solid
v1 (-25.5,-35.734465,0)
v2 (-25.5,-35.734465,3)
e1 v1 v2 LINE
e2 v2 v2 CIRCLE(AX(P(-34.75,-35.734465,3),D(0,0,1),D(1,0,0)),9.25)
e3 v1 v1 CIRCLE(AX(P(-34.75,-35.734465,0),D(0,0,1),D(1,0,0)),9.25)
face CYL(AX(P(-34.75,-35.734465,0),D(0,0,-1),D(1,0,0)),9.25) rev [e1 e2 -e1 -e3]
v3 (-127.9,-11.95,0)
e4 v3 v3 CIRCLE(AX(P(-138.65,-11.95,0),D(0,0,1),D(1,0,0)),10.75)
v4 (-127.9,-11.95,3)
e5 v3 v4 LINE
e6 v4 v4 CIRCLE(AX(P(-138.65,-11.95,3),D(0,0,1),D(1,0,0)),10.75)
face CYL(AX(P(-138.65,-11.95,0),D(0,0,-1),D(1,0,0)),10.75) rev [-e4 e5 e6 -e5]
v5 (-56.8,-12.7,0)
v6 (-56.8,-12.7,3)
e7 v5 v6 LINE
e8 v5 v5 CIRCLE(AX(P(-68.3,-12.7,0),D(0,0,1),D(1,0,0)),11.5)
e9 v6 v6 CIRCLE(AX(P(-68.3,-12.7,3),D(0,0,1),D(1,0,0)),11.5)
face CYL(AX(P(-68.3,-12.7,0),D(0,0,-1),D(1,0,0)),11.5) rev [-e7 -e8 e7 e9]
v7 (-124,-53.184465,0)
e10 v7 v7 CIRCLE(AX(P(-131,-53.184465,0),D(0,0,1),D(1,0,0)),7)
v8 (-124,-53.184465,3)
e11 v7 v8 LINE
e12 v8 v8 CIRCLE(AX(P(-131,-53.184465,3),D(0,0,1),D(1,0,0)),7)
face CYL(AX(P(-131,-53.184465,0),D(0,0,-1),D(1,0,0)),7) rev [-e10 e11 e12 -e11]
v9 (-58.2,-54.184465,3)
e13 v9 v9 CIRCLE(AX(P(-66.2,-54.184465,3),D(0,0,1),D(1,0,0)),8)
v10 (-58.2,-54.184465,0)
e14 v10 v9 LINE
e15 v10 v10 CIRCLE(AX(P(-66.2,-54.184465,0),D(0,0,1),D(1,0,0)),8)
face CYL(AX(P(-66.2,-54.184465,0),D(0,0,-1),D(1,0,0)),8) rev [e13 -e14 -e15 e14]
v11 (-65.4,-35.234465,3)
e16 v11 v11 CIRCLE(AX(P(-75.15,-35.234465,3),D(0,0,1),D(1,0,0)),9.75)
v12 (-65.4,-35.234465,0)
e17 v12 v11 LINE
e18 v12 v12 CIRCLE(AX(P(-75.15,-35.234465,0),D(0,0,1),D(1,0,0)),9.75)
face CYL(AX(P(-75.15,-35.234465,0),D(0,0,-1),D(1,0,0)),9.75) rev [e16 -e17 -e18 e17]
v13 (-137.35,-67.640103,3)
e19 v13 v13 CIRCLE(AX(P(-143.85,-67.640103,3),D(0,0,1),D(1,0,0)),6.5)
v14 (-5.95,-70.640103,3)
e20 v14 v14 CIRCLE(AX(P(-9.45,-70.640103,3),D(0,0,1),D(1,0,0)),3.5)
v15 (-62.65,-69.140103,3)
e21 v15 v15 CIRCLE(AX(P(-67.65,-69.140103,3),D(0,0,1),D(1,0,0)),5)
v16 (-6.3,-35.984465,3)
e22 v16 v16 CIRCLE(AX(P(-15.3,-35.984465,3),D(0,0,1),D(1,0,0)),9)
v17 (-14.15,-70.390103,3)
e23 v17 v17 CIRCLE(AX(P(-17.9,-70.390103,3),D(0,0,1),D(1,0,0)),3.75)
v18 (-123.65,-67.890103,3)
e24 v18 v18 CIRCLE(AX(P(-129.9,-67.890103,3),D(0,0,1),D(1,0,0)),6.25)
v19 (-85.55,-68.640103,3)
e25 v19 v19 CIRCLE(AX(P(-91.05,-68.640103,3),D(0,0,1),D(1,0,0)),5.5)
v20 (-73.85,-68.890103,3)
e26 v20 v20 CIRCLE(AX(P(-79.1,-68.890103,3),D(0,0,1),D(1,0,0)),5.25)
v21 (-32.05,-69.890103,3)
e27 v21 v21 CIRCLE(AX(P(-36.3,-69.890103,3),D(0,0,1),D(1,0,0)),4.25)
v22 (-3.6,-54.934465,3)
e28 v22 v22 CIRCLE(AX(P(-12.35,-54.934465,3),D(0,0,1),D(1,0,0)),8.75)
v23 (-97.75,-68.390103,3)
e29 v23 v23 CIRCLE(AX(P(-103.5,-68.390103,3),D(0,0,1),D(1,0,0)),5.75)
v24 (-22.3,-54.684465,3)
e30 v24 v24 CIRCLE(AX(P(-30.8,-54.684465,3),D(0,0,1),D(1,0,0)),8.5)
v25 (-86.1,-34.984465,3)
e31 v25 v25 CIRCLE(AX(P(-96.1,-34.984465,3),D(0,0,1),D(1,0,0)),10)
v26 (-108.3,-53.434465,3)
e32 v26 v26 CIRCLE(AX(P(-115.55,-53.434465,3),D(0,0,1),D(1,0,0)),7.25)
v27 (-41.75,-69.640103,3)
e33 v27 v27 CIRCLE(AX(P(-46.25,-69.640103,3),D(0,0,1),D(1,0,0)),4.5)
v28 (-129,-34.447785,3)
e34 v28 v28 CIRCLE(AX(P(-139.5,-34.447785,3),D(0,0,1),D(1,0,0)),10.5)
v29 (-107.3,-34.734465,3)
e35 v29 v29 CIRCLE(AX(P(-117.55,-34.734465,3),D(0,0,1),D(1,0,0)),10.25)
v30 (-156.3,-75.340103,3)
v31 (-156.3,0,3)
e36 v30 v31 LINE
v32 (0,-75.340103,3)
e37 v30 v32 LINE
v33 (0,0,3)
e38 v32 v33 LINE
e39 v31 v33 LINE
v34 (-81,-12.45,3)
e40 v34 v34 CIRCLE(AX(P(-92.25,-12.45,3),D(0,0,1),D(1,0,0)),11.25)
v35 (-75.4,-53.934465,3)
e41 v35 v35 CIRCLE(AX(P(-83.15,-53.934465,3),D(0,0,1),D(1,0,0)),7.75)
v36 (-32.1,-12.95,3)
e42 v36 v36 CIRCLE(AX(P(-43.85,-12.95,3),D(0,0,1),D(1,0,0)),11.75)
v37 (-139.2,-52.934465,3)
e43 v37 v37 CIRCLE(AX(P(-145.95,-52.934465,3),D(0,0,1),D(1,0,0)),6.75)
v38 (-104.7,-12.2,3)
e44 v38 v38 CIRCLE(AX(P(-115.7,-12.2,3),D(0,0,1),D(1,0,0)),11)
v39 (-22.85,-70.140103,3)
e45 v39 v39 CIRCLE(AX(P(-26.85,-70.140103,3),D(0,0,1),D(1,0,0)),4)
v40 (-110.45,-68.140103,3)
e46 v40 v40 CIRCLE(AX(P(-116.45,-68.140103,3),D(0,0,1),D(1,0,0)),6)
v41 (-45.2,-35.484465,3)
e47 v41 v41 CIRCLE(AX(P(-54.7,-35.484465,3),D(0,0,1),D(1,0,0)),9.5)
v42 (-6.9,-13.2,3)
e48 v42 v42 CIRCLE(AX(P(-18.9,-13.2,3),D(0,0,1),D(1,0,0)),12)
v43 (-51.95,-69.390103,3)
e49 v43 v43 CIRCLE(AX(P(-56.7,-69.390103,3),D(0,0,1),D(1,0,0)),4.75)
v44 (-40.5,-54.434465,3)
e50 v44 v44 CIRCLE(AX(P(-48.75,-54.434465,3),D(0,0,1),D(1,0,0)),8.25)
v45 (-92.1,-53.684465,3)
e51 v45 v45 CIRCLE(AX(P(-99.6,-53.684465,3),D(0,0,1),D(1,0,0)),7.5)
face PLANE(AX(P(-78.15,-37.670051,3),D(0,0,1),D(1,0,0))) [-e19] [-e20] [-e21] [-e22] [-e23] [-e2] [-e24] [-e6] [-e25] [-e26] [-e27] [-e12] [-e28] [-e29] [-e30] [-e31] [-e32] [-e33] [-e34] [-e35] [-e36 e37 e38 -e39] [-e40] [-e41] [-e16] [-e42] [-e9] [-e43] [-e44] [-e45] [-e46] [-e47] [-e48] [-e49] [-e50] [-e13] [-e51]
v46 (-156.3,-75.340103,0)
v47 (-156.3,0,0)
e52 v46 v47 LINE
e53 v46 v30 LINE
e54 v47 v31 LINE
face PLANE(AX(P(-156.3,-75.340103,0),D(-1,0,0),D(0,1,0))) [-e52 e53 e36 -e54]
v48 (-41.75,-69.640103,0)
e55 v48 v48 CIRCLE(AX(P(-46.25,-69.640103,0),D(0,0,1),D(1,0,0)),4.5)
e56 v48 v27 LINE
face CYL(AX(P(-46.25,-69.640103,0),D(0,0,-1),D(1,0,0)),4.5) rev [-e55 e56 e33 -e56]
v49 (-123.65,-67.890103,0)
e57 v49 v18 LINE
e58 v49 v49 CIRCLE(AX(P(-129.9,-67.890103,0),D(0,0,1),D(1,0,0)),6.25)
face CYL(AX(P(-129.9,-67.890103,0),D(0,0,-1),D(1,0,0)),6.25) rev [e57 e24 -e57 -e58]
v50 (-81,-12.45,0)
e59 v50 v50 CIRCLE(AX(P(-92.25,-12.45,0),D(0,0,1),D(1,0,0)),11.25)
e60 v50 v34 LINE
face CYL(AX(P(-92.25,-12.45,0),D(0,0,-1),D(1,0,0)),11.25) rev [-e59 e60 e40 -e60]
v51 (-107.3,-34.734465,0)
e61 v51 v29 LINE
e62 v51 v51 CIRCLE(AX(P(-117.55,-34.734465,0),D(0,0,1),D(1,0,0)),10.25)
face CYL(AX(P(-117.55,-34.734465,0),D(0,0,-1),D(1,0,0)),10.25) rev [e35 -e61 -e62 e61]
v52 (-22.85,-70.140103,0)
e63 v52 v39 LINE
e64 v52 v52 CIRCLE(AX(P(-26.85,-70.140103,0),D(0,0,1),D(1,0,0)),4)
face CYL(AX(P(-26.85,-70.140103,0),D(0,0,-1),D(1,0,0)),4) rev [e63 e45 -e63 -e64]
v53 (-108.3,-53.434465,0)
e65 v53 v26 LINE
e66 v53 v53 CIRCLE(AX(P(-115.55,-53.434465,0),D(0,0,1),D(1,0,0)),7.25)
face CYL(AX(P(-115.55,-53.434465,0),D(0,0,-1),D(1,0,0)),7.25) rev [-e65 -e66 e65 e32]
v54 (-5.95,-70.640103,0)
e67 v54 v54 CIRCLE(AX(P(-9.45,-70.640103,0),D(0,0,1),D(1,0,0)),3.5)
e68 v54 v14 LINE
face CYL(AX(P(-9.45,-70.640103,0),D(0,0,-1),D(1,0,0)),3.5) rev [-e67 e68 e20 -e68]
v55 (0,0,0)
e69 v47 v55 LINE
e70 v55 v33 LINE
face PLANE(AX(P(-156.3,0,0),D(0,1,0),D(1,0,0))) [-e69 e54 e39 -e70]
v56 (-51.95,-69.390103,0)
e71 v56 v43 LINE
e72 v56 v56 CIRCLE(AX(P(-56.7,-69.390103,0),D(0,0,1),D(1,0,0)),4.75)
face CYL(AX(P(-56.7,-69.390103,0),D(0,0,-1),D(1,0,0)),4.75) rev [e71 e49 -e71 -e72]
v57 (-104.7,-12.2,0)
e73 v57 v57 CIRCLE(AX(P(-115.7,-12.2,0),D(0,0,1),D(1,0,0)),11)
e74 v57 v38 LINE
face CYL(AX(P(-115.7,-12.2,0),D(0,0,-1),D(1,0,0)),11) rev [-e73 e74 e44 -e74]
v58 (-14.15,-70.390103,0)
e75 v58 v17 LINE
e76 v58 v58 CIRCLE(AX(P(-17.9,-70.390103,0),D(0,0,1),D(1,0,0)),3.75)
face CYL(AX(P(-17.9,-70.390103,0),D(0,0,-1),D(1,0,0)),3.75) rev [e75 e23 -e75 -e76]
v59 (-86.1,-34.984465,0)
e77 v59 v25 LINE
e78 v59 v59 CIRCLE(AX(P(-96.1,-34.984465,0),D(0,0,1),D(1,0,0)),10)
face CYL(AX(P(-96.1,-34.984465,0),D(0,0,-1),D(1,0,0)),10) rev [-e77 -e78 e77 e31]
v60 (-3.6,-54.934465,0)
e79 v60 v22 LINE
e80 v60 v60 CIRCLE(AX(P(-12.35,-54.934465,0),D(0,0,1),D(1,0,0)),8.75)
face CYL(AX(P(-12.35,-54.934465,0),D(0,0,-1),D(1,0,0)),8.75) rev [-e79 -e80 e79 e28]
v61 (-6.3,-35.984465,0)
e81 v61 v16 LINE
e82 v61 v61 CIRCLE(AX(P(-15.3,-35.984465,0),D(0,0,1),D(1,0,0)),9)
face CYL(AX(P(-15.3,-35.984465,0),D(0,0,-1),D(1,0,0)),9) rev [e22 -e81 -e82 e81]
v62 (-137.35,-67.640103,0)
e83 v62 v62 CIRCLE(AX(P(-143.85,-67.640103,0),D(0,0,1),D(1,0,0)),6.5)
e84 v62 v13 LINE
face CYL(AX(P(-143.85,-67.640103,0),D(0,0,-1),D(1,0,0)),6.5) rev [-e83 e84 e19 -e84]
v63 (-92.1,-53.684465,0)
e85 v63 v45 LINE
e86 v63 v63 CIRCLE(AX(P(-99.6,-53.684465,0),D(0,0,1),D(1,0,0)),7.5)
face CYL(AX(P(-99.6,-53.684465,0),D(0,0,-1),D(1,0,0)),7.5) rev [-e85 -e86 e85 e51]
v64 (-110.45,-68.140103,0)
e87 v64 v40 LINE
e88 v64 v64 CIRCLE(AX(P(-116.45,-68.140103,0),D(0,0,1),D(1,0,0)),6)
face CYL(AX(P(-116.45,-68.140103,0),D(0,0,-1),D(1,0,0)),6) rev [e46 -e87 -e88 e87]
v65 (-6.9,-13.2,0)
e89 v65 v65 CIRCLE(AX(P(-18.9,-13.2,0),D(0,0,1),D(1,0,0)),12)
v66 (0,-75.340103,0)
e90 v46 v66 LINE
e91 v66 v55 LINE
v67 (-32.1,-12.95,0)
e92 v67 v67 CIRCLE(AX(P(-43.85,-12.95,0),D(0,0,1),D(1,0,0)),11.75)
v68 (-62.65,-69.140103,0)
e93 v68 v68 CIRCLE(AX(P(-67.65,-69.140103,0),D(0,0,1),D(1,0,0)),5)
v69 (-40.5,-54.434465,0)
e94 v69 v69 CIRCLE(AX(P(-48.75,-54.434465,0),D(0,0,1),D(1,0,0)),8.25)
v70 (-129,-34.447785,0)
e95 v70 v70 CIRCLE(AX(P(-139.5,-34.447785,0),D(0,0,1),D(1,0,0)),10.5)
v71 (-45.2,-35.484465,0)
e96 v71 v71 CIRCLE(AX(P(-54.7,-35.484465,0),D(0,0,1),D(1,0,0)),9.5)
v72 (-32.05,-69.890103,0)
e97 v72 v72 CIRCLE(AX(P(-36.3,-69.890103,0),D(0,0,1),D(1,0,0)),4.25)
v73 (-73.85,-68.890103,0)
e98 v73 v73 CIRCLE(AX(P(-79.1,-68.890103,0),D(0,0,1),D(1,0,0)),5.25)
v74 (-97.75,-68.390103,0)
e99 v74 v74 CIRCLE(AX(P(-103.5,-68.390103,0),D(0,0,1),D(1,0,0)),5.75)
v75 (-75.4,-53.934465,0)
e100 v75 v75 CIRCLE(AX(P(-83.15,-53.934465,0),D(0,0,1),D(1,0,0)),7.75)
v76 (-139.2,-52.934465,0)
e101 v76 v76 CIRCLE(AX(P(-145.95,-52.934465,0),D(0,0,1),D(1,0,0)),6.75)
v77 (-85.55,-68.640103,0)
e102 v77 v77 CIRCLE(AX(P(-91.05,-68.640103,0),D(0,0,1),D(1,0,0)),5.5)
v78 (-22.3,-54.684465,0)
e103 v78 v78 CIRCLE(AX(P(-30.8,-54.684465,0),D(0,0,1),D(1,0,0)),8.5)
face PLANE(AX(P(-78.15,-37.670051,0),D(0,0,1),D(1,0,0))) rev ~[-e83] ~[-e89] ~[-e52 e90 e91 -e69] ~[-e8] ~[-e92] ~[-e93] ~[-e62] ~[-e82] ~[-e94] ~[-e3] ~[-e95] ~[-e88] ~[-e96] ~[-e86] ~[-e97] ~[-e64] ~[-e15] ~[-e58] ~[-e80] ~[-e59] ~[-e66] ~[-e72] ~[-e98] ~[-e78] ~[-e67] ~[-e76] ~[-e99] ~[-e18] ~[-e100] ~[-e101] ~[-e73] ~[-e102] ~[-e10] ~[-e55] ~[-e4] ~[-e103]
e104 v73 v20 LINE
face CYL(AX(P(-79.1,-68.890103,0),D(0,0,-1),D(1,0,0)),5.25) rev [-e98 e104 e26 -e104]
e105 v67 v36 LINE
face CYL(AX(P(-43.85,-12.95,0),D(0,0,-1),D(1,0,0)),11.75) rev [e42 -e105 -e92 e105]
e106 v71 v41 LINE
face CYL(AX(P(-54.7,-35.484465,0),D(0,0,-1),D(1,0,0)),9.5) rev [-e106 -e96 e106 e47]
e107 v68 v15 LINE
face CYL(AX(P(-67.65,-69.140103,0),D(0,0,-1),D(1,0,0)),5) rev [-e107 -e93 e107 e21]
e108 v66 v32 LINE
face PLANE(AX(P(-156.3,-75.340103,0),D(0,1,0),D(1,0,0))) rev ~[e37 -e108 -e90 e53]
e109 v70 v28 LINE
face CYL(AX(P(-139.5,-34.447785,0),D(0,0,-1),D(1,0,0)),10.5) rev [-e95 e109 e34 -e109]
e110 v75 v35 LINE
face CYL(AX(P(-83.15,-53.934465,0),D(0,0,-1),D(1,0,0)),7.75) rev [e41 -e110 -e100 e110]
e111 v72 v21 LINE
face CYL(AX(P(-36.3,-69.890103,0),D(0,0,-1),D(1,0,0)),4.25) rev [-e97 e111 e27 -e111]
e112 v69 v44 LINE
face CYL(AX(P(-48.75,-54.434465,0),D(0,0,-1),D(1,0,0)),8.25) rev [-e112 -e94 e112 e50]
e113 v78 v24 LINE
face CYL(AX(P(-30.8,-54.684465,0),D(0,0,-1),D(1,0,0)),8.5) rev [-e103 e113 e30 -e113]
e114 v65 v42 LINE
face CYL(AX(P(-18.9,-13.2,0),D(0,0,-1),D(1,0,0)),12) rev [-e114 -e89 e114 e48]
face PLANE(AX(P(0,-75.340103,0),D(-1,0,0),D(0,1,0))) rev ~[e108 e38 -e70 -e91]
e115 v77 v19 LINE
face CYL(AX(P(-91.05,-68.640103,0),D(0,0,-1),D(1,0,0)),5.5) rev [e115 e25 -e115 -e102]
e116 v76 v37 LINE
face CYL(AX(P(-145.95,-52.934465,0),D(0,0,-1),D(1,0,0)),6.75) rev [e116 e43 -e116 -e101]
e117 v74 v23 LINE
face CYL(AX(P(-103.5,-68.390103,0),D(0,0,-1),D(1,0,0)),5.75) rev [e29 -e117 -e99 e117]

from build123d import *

# Parameters (mm, degrees)
F0_W     = 156.3
F0_H     = 75.340103
F0_R     = 6.5
F0_R_2   = 6.25
F0_R_3   = 6
F0_R_4   = 5.75
F0_R_5   = 5.5
F0_R_6   = 5.25
F0_R_7   = 6.75
F0_R_8   = 7
F0_R_9   = 7.25
F0_R_10  = 7.5
F0_R_11  = 7.75
F0_R_12  = 5
F0_R_13  = 4.75
F0_R_14  = 4.5
F0_R_15  = 4.25
F0_R_16  = 4
F0_R_17  = 3.5
F0_R_18  = 3.75
F0_R_19  = 8
F0_R_20  = 8.25
F0_R_21  = 8.5
F0_R_22  = 8.75
F0_R_23  = 10.5
F0_R_24  = 10.25
F0_R_25  = 10
F0_R_26  = 10.75
F0_R_27  = 11
F0_R_28  = 11.25
F0_R_29  = 9.75
F0_R_30  = 9.5
F0_R_31  = 9.25
F0_R_32  = 9
F0_R_33  = 11.5
F0_R_34  = 11.75
F0_R_35  = 12
F1_DEPTH = 3


with BuildPart() as f1:
    # F0 (on Top) → F1 (new body)
    with BuildSketch(Plane.XY):
        with Locations((-78.15, -37.670051)):
            Rectangle(F0_W, F0_H)
        with Locations((-143.85, -67.640103)):
            Circle(F0_R, mode=Mode.SUBTRACT)
        with Locations((-129.9, -67.890103)):
            Circle(F0_R_2, mode=Mode.SUBTRACT)
        with Locations((-116.45, -68.140103)):
            Circle(F0_R_3, mode=Mode.SUBTRACT)
        with Locations((-103.5, -68.390103)):
            Circle(F0_R_4, mode=Mode.SUBTRACT)
        with Locations((-91.05, -68.640103)):
            Circle(F0_R_5, mode=Mode.SUBTRACT)
        with Locations((-79.1, -68.890103)):
            Circle(F0_R_6, mode=Mode.SUBTRACT)
        with Locations((-145.95, -52.934465)):
            Circle(F0_R_7, mode=Mode.SUBTRACT)
        with Locations((-131, -53.184465)):
            Circle(F0_R_8, mode=Mode.SUBTRACT)
        with Locations((-115.55, -53.434465)):
            Circle(F0_R_9, mode=Mode.SUBTRACT)
        with Locations((-99.6, -53.684465)):
            Circle(F0_R_10, mode=Mode.SUBTRACT)
        with Locations((-83.15, -53.934465)):
            Circle(F0_R_11, mode=Mode.SUBTRACT)
        with Locations((-67.65, -69.140103)):
            Circle(F0_R_12, mode=Mode.SUBTRACT)
        with Locations((-56.7, -69.390103)):
            Circle(F0_R_13, mode=Mode.SUBTRACT)
        with Locations((-46.25, -69.640103)):
            Circle(F0_R_14, mode=Mode.SUBTRACT)
        with Locations((-36.3, -69.890103)):
            Circle(F0_R_15, mode=Mode.SUBTRACT)
        with Locations((-26.85, -70.140103)):
            Circle(F0_R_16, mode=Mode.SUBTRACT)
        with Locations((-9.45, -70.640103)):
            Circle(F0_R_17, mode=Mode.SUBTRACT)
        with Locations((-17.9, -70.390103)):
            Circle(F0_R_18, mode=Mode.SUBTRACT)
        with Locations((-66.2, -54.184465)):
            Circle(F0_R_19, mode=Mode.SUBTRACT)
        with Locations((-48.75, -54.434465)):
            Circle(F0_R_20, mode=Mode.SUBTRACT)
        with Locations((-30.8, -54.684465)):
            Circle(F0_R_21, mode=Mode.SUBTRACT)
        with Locations((-12.35, -54.934465)):
            Circle(F0_R_22, mode=Mode.SUBTRACT)
        with Locations((-139.5, -34.447785)):
            Circle(F0_R_23, mode=Mode.SUBTRACT)
        with Locations((-117.55, -34.734465)):
            Circle(F0_R_24, mode=Mode.SUBTRACT)
        with Locations((-96.1, -34.984465)):
            Circle(F0_R_25, mode=Mode.SUBTRACT)
        with Locations((-138.65, -11.95)):
            Circle(F0_R_26, mode=Mode.SUBTRACT)
        with Locations((-115.7, -12.2)):
            Circle(F0_R_27, mode=Mode.SUBTRACT)
        with Locations((-92.25, -12.45)):
            Circle(F0_R_28, mode=Mode.SUBTRACT)
        with Locations((-75.15, -35.234465)):
            Circle(F0_R_29, mode=Mode.SUBTRACT)
        with Locations((-54.7, -35.484465)):
            Circle(F0_R_30, mode=Mode.SUBTRACT)
        with Locations((-34.75, -35.734465)):
            Circle(F0_R_31, mode=Mode.SUBTRACT)
        with Locations((-15.3, -35.984465)):
            Circle(F0_R_32, mode=Mode.SUBTRACT)
        with Locations((-68.3, -12.7)):
            Circle(F0_R_33, mode=Mode.SUBTRACT)
        with Locations((-43.85, -12.95)):
            Circle(F0_R_34, mode=Mode.SUBTRACT)
        with Locations((-18.9, -13.2)):
            Circle(F0_R_35, mode=Mode.SUBTRACT)
    extrude(amount=F1_DEPTH)


solid = f1.part
